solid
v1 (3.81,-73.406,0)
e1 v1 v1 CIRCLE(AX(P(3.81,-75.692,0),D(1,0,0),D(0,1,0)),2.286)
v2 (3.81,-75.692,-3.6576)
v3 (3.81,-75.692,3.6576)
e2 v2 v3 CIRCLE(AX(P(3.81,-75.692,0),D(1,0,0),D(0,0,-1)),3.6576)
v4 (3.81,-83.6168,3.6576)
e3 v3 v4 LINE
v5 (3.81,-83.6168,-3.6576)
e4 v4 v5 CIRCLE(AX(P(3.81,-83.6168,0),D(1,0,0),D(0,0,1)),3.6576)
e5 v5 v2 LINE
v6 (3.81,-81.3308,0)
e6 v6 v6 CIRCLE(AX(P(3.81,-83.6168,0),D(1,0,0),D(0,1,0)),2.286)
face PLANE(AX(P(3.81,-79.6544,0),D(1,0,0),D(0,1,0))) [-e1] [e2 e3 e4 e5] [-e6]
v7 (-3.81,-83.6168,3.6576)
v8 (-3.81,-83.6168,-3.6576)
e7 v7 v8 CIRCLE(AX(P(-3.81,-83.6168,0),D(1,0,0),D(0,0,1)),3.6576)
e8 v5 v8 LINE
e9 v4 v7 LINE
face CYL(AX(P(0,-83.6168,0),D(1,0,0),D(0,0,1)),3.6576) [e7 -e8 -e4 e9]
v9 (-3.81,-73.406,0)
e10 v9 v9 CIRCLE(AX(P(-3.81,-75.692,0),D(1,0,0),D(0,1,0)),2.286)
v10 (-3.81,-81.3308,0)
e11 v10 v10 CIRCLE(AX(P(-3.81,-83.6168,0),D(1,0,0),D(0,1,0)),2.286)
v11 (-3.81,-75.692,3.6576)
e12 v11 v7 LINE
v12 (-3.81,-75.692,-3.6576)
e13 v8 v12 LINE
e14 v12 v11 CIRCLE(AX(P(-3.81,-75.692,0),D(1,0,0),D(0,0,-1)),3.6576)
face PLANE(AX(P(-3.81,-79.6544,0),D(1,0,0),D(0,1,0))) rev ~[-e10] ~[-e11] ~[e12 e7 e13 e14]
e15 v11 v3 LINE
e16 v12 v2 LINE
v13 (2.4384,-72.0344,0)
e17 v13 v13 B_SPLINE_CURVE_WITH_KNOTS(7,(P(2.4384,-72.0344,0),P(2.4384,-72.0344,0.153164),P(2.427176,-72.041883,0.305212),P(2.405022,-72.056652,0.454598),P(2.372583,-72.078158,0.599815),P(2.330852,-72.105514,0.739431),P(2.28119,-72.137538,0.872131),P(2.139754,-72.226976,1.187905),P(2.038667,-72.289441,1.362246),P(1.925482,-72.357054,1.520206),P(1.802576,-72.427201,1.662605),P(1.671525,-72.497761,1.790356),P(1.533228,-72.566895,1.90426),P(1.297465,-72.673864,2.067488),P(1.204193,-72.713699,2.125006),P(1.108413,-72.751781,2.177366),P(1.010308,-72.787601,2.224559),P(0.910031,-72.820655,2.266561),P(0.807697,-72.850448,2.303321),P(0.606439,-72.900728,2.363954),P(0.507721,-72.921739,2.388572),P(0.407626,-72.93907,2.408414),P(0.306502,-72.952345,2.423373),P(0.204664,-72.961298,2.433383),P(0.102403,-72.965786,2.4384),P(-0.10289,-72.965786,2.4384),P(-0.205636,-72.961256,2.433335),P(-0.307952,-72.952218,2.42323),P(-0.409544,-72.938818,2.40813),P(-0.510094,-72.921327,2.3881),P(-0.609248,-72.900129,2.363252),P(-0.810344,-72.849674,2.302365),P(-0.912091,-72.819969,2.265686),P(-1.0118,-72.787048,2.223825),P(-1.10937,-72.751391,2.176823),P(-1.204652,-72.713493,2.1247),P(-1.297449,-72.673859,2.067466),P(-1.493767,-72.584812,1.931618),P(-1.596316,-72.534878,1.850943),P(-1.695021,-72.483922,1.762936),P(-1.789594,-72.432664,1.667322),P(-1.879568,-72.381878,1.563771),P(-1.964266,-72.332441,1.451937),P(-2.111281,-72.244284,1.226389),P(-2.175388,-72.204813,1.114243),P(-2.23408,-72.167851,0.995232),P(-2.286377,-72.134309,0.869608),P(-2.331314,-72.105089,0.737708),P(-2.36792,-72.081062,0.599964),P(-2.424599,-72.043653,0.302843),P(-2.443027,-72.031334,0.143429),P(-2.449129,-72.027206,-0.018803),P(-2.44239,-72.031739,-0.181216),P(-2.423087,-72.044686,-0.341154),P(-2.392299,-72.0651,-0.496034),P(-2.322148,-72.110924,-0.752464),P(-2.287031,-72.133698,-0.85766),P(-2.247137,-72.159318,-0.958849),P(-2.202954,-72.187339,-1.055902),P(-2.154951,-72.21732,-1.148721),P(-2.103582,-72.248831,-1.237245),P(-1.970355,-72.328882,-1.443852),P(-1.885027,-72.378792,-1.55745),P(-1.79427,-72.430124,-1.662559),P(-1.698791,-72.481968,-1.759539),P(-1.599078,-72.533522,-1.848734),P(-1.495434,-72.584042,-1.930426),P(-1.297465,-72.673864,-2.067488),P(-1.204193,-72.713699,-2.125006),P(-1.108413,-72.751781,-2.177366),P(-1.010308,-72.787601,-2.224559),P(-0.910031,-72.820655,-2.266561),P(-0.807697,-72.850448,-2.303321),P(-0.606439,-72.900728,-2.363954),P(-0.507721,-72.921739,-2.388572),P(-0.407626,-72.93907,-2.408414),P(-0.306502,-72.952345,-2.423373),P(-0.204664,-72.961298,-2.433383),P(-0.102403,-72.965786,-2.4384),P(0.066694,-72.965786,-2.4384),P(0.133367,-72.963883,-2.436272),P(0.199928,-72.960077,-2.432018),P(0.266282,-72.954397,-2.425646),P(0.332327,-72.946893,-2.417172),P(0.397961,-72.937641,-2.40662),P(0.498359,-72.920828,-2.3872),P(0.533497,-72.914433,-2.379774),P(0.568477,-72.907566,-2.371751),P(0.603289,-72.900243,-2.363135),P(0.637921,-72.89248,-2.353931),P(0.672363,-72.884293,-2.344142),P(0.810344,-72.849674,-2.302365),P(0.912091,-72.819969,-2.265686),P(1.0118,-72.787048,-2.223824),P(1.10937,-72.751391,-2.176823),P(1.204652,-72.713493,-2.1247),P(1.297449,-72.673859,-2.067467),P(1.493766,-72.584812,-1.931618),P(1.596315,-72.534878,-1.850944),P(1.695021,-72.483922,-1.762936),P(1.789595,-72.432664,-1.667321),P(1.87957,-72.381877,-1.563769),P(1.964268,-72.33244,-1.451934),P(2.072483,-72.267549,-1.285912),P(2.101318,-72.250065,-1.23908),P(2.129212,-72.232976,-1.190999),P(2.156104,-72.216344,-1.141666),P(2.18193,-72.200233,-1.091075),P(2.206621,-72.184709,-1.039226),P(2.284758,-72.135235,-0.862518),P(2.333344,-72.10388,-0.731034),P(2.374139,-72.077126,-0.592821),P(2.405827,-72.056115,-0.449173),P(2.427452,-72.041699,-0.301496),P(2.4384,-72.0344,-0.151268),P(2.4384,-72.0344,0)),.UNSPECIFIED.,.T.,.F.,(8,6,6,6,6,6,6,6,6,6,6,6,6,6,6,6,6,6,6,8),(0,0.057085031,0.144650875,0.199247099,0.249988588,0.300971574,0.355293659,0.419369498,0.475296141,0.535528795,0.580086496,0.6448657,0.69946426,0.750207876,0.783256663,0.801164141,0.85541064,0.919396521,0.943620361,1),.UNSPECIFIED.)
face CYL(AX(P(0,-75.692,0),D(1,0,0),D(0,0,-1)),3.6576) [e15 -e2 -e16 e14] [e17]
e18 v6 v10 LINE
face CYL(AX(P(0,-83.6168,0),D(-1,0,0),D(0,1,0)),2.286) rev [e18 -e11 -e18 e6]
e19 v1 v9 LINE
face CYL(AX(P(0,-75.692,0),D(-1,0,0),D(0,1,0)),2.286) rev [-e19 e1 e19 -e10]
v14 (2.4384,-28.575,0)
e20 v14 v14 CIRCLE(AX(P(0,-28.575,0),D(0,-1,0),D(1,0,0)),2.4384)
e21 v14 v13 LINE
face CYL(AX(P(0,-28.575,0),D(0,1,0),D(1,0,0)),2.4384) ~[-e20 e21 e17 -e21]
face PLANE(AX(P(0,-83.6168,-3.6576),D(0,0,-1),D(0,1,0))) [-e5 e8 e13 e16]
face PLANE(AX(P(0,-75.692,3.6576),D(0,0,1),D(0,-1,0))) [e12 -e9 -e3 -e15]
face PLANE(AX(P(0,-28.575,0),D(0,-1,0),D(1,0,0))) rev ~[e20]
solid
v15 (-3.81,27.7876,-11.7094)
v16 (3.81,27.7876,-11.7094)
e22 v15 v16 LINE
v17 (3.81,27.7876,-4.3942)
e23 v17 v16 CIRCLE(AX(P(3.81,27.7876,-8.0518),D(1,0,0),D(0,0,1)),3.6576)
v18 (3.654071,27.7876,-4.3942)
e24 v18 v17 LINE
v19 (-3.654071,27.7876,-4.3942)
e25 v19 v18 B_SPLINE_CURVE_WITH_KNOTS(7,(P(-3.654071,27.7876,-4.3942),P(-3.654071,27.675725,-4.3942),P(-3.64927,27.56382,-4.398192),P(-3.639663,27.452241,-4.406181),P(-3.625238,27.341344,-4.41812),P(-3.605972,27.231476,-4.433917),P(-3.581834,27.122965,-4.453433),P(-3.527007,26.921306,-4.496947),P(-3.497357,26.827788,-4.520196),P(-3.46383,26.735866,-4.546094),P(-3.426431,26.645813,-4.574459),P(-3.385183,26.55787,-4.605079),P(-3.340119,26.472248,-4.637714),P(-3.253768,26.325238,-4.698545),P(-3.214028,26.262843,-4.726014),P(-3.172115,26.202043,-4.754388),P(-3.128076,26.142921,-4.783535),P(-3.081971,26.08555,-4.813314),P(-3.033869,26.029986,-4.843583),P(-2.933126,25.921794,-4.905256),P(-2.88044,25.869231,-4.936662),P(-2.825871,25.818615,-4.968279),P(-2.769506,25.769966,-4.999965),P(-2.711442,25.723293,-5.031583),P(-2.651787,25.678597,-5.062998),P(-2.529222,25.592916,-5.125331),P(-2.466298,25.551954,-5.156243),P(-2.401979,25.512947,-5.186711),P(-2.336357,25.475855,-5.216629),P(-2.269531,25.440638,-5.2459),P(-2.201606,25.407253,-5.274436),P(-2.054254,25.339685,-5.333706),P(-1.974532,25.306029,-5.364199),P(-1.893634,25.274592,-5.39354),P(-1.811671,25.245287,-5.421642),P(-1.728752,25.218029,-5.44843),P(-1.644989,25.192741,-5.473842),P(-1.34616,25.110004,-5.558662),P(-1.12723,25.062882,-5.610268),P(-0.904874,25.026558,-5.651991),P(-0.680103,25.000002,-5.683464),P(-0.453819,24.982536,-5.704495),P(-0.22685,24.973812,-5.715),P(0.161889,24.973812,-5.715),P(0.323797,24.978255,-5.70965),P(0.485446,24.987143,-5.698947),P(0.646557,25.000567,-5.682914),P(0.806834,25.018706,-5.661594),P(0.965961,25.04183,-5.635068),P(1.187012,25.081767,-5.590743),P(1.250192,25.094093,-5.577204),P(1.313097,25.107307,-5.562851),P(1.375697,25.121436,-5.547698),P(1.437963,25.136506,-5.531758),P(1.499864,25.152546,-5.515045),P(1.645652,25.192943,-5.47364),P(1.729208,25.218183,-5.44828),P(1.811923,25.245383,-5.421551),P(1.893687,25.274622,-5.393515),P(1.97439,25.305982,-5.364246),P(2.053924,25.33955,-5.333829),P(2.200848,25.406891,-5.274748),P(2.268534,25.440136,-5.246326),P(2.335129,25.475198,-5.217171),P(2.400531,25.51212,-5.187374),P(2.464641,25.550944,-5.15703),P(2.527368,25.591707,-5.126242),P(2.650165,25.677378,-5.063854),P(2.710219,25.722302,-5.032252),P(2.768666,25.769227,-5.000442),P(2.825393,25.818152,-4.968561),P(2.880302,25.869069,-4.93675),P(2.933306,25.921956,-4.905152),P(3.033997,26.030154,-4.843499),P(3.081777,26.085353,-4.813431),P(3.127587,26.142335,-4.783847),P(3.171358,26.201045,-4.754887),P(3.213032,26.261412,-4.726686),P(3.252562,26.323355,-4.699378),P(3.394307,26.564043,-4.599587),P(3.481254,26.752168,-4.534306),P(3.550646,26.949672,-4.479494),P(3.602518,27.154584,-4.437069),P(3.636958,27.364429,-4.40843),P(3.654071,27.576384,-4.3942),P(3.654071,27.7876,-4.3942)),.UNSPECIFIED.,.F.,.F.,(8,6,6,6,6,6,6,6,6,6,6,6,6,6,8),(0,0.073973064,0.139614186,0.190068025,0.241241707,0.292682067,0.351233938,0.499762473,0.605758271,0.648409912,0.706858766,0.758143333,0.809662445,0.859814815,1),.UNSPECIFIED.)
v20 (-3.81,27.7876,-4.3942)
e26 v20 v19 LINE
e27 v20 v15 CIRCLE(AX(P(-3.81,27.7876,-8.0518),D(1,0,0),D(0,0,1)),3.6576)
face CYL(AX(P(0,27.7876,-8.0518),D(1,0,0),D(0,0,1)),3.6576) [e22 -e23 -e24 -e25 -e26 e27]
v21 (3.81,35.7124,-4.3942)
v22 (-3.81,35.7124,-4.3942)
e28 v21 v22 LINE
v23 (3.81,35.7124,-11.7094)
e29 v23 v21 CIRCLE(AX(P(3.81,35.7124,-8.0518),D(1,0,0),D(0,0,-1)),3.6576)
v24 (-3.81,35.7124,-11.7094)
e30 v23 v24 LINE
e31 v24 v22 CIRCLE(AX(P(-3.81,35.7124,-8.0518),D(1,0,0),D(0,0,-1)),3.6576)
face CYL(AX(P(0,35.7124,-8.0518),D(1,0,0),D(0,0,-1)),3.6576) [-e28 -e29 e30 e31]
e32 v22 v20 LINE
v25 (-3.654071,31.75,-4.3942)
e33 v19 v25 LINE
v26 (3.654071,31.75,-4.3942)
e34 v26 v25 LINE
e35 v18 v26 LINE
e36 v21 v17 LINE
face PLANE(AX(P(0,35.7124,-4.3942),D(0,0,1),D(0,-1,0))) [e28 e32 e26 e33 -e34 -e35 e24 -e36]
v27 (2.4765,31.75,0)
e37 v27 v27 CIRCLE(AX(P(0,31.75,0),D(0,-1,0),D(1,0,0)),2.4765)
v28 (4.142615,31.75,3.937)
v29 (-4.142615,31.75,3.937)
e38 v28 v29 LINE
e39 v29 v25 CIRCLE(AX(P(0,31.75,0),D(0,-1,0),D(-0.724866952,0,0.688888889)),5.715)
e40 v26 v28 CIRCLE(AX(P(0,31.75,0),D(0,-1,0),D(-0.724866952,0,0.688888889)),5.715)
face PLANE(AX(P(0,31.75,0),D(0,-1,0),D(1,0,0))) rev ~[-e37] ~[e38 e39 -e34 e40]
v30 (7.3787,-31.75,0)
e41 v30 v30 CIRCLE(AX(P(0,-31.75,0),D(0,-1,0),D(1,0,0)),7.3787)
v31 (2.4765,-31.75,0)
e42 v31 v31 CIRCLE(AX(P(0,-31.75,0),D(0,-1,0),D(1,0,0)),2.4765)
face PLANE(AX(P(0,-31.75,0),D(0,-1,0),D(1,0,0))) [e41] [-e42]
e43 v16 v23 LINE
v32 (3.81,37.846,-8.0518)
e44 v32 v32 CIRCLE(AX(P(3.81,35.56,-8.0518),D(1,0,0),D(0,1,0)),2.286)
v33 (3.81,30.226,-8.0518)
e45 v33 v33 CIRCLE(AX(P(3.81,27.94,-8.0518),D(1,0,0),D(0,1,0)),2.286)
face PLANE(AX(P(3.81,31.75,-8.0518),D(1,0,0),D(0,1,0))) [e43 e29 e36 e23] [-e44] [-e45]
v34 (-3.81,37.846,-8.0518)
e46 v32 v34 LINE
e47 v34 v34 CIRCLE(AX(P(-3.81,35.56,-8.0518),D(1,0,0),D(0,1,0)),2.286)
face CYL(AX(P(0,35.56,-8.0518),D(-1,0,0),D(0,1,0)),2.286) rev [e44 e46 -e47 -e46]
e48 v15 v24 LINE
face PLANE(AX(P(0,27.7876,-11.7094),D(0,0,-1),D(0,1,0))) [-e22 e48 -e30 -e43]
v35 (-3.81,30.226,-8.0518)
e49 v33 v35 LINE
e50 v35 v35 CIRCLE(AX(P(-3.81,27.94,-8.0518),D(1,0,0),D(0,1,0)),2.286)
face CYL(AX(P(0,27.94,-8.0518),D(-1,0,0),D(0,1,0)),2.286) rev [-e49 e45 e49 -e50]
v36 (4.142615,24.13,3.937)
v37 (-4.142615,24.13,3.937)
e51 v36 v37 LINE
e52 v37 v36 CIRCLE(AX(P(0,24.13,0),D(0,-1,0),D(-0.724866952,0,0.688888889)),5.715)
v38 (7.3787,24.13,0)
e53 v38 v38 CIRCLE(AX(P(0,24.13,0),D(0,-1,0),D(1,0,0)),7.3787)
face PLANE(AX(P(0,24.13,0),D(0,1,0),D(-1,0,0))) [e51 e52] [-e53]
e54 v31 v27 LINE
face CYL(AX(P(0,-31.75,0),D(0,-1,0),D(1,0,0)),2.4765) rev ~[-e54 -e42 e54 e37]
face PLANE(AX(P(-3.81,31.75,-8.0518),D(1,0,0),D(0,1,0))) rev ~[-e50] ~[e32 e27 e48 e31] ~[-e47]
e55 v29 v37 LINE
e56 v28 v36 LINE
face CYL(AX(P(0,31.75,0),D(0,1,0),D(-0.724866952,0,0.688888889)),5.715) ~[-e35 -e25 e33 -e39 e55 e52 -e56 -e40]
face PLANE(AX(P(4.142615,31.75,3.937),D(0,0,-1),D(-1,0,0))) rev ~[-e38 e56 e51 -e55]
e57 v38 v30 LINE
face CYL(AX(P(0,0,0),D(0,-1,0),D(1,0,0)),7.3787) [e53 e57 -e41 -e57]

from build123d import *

# Parameters (mm, degrees)
F1_R      = 7.3787
F2_DEPTH  = 31.75
F3_R      = 2.4765
F4_DEPTH  = 63.5
F5_R      = 7.3787
F6_DEPTH  = 7.62
F7_R      = 2.286
F8_DEPTH  = 3.81
F9_R      = 2.286
F10_DEPTH = 3.81
F11_R     = 2.4384


with BuildPart() as f2:
    # F1 (on Front) → F2 (new body, symmetric)
    with BuildSketch(Plane.XZ):
        Circle(F1_R)
    extrude(amount=F2_DEPTH, both=True)

    # F3 (on face) → F4 (cut, through all)
    with BuildSketch(Plane.XZ.offset(31.75)):
        Circle(F3_R)
    extrude(amount=-F4_DEPTH, mode=Mode.SUBTRACT)

    # F5 (on face) → F6 (cut)
    with BuildSketch(Plane(origin=(0, 31.75, 0), x_dir=(-1, 0, 0), z_dir=(0, 1, 0))):
        Circle(F5_R)
        with BuildLine():
            ThreePointArc((4.1426146333, 3.937), (0, -5.715), (-4.1426146333, 3.937))
            Line((-4.1426146333, 3.937), (4.1426146333, 3.937))
        make_face(mode=Mode.SUBTRACT)
    extrude(amount=-F6_DEPTH, mode=Mode.SUBTRACT)

    # F7 (on Right) → F8 (join, symmetric)
    with BuildSketch(Plane.YZ):
        with BuildLine():
            Line((35.7124, -4.3942), (27.7876, -4.3942))
            ThreePointArc((27.7876, -4.3942), (24.13, -8.0518), (27.7876, -11.7094))
            Line((27.7876, -11.7094), (35.7124, -11.7094))
            ThreePointArc((35.7124, -11.7094), (39.37, -8.0518), (35.7124, -4.3942))
        make_face()
        with Locations((27.94, -8.0518)):
            Circle(F7_R, mode=Mode.SUBTRACT)
        with Locations((35.56, -8.0518)):
            Circle(F7_R, mode=Mode.SUBTRACT)
    extrude(amount=F8_DEPTH, both=True)


with BuildPart() as f10:
    # F9 (on Right) → F10 (new body, symmetric)
    with BuildSketch(Plane.YZ):
        with BuildLine():
            Line((-83.6168, -3.6576), (-75.692, -3.6576))
            ThreePointArc((-75.692, -3.6576), (-72.0344, 0), (-75.692, 3.6576))
            Line((-75.692, 3.6576), (-83.6168, 3.6576))
            ThreePointArc((-83.6168, 3.6576), (-87.2744, 0), (-83.6168, -3.6576))
        make_face()
        with Locations((-83.6168, 0)):
            Circle(F9_R, mode=Mode.SUBTRACT)
        with Locations((-75.692, 0)):
            Circle(F9_R, mode=Mode.SUBTRACT)
    extrude(amount=F10_DEPTH, both=True)

    # F11 (on offset) → F12 (join, up to the next surface of F10)
    with BuildSketch(Plane.XZ.offset(28.575)):
        Circle(F11_R)
    extrude(until=Until.NEXT)


solid = Compound([f2.part, f10.part])
